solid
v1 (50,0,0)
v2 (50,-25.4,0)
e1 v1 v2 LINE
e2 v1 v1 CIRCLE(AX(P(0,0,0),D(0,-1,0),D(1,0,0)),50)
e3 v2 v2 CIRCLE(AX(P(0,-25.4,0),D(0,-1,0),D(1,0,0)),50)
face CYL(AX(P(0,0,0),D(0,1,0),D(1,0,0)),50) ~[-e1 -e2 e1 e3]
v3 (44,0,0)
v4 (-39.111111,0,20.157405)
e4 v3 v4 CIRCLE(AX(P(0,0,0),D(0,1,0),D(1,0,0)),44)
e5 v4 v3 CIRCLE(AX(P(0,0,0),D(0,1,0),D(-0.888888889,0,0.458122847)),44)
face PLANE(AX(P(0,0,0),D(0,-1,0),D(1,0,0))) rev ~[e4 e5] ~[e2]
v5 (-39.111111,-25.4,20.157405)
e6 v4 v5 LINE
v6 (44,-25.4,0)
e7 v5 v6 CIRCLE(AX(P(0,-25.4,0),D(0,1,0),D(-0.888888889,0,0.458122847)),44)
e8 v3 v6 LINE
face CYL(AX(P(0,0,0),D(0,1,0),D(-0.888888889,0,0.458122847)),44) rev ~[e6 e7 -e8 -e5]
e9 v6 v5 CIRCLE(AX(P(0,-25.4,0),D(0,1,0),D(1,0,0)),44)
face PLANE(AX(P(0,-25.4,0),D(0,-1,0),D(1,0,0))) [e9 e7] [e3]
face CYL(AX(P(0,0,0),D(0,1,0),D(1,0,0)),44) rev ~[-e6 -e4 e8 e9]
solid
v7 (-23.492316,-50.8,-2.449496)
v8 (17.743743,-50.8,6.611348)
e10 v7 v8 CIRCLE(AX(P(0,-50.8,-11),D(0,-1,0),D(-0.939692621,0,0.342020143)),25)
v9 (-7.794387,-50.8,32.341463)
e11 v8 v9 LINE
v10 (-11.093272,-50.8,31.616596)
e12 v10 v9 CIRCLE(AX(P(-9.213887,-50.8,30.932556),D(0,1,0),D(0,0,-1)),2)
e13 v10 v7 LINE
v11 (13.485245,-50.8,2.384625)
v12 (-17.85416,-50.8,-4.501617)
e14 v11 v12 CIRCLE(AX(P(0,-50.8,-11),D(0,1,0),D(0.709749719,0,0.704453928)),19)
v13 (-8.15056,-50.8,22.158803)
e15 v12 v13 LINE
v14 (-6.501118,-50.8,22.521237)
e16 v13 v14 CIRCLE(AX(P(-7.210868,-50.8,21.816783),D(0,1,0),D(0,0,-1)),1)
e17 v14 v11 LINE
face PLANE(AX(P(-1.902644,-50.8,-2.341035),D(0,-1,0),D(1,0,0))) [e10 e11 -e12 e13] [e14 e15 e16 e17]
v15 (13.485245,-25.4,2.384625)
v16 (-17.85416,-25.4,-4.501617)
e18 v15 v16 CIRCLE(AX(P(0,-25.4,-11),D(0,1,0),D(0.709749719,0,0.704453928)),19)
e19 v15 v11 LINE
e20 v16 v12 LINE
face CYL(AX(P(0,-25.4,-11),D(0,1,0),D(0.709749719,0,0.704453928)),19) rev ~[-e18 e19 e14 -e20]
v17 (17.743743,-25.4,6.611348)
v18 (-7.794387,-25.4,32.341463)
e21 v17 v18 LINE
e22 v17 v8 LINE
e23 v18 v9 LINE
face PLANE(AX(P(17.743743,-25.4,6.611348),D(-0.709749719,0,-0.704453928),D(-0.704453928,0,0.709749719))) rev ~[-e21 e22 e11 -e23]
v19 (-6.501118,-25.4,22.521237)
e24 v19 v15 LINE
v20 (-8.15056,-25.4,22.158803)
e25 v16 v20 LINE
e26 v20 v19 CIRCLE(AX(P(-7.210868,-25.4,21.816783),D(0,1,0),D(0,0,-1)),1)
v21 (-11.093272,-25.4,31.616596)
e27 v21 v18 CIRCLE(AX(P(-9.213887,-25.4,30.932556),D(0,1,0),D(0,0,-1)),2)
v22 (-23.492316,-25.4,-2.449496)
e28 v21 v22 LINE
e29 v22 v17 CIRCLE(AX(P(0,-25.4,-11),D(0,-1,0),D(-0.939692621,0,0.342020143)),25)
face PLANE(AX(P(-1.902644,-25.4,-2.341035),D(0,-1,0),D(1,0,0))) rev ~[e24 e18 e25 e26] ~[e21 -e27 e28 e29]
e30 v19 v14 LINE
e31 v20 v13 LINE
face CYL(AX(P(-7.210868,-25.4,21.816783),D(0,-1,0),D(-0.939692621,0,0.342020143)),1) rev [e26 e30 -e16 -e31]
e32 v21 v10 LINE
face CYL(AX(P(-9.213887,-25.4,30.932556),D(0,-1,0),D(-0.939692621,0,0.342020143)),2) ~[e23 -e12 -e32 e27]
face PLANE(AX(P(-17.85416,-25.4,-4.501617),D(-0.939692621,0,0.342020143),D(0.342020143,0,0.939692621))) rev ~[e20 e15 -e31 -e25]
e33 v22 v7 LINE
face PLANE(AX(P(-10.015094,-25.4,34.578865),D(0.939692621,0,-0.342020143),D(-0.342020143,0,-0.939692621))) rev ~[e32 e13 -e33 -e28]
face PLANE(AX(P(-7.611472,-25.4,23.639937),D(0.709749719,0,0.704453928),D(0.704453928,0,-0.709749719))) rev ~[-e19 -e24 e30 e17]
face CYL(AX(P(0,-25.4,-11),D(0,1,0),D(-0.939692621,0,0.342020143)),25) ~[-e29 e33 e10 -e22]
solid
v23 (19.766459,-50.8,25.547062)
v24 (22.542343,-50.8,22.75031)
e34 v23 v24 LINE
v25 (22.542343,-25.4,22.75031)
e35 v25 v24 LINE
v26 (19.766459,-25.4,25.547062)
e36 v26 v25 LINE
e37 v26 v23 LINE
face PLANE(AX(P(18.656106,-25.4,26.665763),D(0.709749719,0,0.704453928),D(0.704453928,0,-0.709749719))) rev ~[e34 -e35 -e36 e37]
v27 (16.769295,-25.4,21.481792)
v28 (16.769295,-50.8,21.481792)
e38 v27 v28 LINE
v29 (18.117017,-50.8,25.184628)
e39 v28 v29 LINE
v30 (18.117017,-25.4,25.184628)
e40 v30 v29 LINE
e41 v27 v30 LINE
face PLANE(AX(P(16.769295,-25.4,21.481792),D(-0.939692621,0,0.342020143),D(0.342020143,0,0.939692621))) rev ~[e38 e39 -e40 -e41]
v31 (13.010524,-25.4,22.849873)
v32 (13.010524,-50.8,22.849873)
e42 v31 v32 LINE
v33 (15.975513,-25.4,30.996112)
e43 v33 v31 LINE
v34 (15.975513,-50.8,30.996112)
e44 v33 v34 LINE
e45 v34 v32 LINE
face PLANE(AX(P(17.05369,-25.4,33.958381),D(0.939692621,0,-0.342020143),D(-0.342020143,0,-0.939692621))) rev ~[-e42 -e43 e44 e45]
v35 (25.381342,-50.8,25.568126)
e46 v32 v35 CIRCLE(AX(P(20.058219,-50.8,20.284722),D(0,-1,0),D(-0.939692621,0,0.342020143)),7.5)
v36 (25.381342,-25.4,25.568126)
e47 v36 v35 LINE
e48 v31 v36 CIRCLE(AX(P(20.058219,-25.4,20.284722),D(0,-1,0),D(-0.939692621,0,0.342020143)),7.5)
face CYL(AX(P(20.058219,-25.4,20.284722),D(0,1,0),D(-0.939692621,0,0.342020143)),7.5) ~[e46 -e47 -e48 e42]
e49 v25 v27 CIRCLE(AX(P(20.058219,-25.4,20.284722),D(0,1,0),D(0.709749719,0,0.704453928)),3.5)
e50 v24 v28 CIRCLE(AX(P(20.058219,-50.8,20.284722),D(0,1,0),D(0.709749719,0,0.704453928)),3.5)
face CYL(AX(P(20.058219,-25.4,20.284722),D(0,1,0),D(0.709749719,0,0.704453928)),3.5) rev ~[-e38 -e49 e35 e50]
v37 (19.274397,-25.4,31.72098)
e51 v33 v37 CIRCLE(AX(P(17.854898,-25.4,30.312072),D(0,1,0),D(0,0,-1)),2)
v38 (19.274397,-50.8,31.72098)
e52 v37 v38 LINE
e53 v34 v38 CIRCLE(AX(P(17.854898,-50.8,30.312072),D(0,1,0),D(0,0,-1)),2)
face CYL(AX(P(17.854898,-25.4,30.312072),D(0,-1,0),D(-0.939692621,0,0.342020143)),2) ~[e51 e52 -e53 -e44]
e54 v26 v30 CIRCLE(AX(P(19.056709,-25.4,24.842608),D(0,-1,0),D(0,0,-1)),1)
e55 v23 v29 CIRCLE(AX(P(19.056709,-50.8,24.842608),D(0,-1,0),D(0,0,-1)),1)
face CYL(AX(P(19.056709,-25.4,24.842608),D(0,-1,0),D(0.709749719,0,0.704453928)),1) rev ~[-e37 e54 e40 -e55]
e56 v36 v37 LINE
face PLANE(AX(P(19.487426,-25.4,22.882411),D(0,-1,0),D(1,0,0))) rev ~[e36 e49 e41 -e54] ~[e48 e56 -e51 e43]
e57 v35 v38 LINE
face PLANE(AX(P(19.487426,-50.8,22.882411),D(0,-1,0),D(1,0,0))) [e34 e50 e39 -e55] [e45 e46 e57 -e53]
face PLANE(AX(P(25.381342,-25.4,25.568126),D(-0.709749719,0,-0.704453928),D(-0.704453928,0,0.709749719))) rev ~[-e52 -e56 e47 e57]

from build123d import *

# Parameters (mm, degrees)
F0_R      = 50
F1_DEPTH  = 25.4
F2_R      = 1
F3_R      = 2
F4_R      = 1
F5_R      = 2
F8_DEPTH  = 25.4
F9_R      = 1
F10_R     = 2
F11_R     = 4
F14_DEPTH = 25.4
F15_R     = 1
F15_2_R   = 1
F16_R     = 2
F16_2_R   = 2


with BuildPart() as f1:
    # F0 (on Front) → F1 (new body)
    with BuildSketch(Plane.XZ):
        Circle(F0_R)
        with BuildLine():
            ThreePointArc((-39.1111111111, 20.1574052808), (10.3708994574, 42.7603138955), (44, 0))
            ThreePointArc((44, 0), (-10.3708994574, -42.7603138955), (-39.1111111111, 20.1574052808))
        make_face(mode=Mode.SUBTRACT)
    extrude(amount=F1_DEPTH)


with BuildPart() as f1b:
    # F0 (on Front) → F1, piece 2 (new body)
    with BuildSketch(Plane.XZ):
        with BuildLine():
            ThreePointArc((0, 16.4924225025), (-16, 26.2462112512), (-32, 16.4924225025))
            Line((-32, 16.4924225025), (-30.2222222222, 15.5761768079))
            Line((-30.2222222222, 15.5761768079), (-34, 8.2462112512))
            ThreePointArc((-34, 8.2462112512), (-33.0849981905, 2.5802747153), (-30.4330181301, -2.5096238003))
            Line((-30.4330181301, -2.5096238003), (0, -43.3470204617))
            Line((0, -43.3470204617), (30.4330181301, -2.5096238003))
            ThreePointArc((30.4330181301, -2.5096238003), (25.5332732557, 23.5143709646), (0, 16.4924225025))
        make_face()
        with BuildLine():
            ThreePointArc((-28.829349449, -1.3145310168), (-31.9458736097, 6.9312531437), (-30.2222222222, 15.5761768079))
            ThreePointArc((-30.2222222222, 15.5761768079), (-12.2287638337, 23.7954163042), (0, 8.2462112512))
            ThreePointArc((0, 8.2462112512), (21.0363880319, 23.4328763095), (28.829349449, -1.3145310168))
            Line((28.829349449, -1.3145310168), (0, -40))
            Line((0, -40), (-28.829349449, -1.3145310168))
        make_face(mode=Mode.SUBTRACT)
        with BuildLine():
            Line((-30.2222222222, 15.5761768079), (-32, 16.4924225025))
            ThreePointArc((-32, 16.4924225025), (-33.4928556845, 12.4888519384), (-34, 8.2462112512))
            Line((-34, 8.2462112512), (-30.2222222222, 15.5761768079))
        make_face()
    extrude(amount=F1_DEPTH)

    # F2
    f2_edges = [f1b.edges().sort_by_distance(p)[0] for p in [
        (0, -12.7, 16.492423),
    ]]
    fillet(f2_edges, radius=F2_R)

    # F3
    f3_edges = [f1b.edges().sort_by_distance(p)[0] for p in [
        (0, -12.7, 8.246211),
    ]]
    fillet(f3_edges, radius=F3_R)

    # F4
    f4_edges = [f1b.edges().sort_by_distance(p)[0] for p in [
        (0, -12.7, -40),
    ]]
    fillet(f4_edges, radius=F4_R)

    # F5
    f5_edges = [f1b.edges().sort_by_distance(p)[0] for p in [
        (0, -12.7, -43.34702),
    ]]
    fillet(f5_edges, radius=F5_R)


with BuildPart() as f8:
    # F7 (on face) → F8 (new body)
    with BuildSketch(Plane.XZ.offset(25.4)):
        with BuildLine():
            ThreePointArc((9.5, 30.5), (0, 40), (-9.5, 30.5))
            Line((-9.5, 30.5), (-9.5, -8.9021278201))
            ThreePointArc((-9.5, -8.9021278201), (0, -40), (9.5, -8.9021278201))
            Line((9.5, -8.9021278201), (9.5, 30.5))
        make_face()
        with BuildLine():
            ThreePointArc((7.5, -10.0096189432), (0, -38), (-7.5, -10.0096189432))
            Line((-7.5, -10.0096189432), (-7.5, 30.5))
            ThreePointArc((-7.5, 30.5), (0, 38), (7.5, 30.5))
            Line((7.5, 30.5), (7.5, -10.0096189432))
        make_face(mode=Mode.SUBTRACT)
    extrude(amount=F8_DEPTH)

    # F9
    f9_edges = [f8.edges().sort_by_distance(p)[0] for p in [
        (9.5, -38.1, -8.902128),
        (-9.5, -38.1, -8.902128),
    ]]
    fillet(f9_edges, radius=F9_R)

    # F10
    f10_edges = [f8.edges().sort_by_distance(p)[0] for p in [
        (-7.5, -38.1, -10.009619),
        (7.5, -38.1, -10.009619),
    ]]
    fillet(f10_edges, radius=F10_R)


with BuildPart() as f8b:
    # F7 (on face) → F8, piece 2 (new body)
    with BuildSketch(Plane.XZ.offset(25.4)):
        Polygon((26.5, 22.5), (11.5, 15), (26.5, 7.5), align=None)
        Polygon((24.5, 10.7360679775), (15.972135955, 15), (24.5, 19.2639320225), align=None, mode=Mode.SUBTRACT)
    extrude(amount=F8_DEPTH)


with BuildPart() as f8c:
    # F7 (on face) → F8, piece 3 (new body)
    with BuildSketch(Plane.XZ.offset(25.4)):
        with BuildLine():
            Line((5.5, 15), (-5.5, 15))
            Line((-5.5, 15), (-5.5, -11.2207810106))
            ThreePointArc((-5.5, -11.2207810106), (0, -36), (5.5, -11.2207810106))
            Line((5.5, -11.2207810106), (5.5, 15))
        make_face()
    extrude(amount=F8_DEPTH)

    # F11
    f11_edges = [f8c.edges().sort_by_distance(p)[0] for p in [
        (-5.5, -38.1, -11.220781),
        (5.5, -38.1, -11.220781),
    ]]
    fillet(f11_edges, radius=F11_R)


with BuildPart() as f14:
    # F13 (on face) → F14 (new body)
    with BuildSketch(Plane.XZ.offset(25.4)):
        with BuildLine():
            Line((-10.0150942304, 34.5788647523), (-23.4923155196, -2.4494964169))
            ThreePointArc((-23.4923155196, -2.4494964169), (5.3652817168, -35.4174886526), (17.7437429675, 6.6113482023))
            Line((17.7437429675, 6.6113482023), (-10.0150942304, 34.5788647523))
        make_face()
        with BuildLine():
            Line((-7.6114716151, 23.6399372117), (13.4852446553, 2.3846246338))
            ThreePointArc((13.4852446553, 2.3846246338), (4.0776141047, -29.557291376), (-17.8541597949, -4.5016172768))
            Line((-17.8541597949, -4.5016172768), (-7.6114716151, 23.6399372117))
        make_face(mode=Mode.SUBTRACT)
    extrude(amount=F14_DEPTH)

    # F15
    f15_edges = [f14.edges().sort_by_distance(p)[0] for p in [
        (-7.611472, -38.1, 23.639937),
    ]]
    fillet(f15_edges, radius=F15_R)

    # F16
    f16_edges = [f14.edges().sort_by_distance(p)[0] for p in [
        (-10.015094, -38.1, 34.578865),
    ]]
    fillet(f16_edges, radius=F16_R)


with BuildPart() as f14b:
    # F13 (on face) → F14, piece 2 (new body)
    with BuildSketch(Plane.XZ.offset(25.4)):
        with BuildLine():
            Line((17.0536904288, 33.9583810385), (13.0105240421, 22.8498726878))
            ThreePointArc((13.0105240421, 22.8498726878), (21.667803213, 12.9594750171), (25.3813415882, 25.5681260735))
            Line((25.3813415882, 25.5681260735), (17.0536904288, 33.9583810385))
        make_face()
        with BuildLine():
            ThreePointArc((22.5423427134, 22.7503103612), (20.8093581383, 16.8662732015), (16.7692945252, 21.4817921145))
            Line((16.7692945252, 21.4817921145), (18.6561055057, 26.6657626782))
            Line((18.6561055057, 26.6657626782), (22.5423427134, 22.7503103612))
        make_face(mode=Mode.SUBTRACT)
    extrude(amount=F14_DEPTH)

    # F15#2
    f15_2_edges = [f14b.edges().sort_by_distance(p)[0] for p in [
        (18.656106, -38.1, 26.665763),
    ]]
    fillet(f15_2_edges, radius=F15_2_R)

    # F16#2
    f16_2_edges = [f14b.edges().sort_by_distance(p)[0] for p in [
        (17.05369, -38.1, 33.958381),
    ]]
    fillet(f16_2_edges, radius=F16_2_R)


solid = Compound([f1.part, f14.part, f14b.part])
